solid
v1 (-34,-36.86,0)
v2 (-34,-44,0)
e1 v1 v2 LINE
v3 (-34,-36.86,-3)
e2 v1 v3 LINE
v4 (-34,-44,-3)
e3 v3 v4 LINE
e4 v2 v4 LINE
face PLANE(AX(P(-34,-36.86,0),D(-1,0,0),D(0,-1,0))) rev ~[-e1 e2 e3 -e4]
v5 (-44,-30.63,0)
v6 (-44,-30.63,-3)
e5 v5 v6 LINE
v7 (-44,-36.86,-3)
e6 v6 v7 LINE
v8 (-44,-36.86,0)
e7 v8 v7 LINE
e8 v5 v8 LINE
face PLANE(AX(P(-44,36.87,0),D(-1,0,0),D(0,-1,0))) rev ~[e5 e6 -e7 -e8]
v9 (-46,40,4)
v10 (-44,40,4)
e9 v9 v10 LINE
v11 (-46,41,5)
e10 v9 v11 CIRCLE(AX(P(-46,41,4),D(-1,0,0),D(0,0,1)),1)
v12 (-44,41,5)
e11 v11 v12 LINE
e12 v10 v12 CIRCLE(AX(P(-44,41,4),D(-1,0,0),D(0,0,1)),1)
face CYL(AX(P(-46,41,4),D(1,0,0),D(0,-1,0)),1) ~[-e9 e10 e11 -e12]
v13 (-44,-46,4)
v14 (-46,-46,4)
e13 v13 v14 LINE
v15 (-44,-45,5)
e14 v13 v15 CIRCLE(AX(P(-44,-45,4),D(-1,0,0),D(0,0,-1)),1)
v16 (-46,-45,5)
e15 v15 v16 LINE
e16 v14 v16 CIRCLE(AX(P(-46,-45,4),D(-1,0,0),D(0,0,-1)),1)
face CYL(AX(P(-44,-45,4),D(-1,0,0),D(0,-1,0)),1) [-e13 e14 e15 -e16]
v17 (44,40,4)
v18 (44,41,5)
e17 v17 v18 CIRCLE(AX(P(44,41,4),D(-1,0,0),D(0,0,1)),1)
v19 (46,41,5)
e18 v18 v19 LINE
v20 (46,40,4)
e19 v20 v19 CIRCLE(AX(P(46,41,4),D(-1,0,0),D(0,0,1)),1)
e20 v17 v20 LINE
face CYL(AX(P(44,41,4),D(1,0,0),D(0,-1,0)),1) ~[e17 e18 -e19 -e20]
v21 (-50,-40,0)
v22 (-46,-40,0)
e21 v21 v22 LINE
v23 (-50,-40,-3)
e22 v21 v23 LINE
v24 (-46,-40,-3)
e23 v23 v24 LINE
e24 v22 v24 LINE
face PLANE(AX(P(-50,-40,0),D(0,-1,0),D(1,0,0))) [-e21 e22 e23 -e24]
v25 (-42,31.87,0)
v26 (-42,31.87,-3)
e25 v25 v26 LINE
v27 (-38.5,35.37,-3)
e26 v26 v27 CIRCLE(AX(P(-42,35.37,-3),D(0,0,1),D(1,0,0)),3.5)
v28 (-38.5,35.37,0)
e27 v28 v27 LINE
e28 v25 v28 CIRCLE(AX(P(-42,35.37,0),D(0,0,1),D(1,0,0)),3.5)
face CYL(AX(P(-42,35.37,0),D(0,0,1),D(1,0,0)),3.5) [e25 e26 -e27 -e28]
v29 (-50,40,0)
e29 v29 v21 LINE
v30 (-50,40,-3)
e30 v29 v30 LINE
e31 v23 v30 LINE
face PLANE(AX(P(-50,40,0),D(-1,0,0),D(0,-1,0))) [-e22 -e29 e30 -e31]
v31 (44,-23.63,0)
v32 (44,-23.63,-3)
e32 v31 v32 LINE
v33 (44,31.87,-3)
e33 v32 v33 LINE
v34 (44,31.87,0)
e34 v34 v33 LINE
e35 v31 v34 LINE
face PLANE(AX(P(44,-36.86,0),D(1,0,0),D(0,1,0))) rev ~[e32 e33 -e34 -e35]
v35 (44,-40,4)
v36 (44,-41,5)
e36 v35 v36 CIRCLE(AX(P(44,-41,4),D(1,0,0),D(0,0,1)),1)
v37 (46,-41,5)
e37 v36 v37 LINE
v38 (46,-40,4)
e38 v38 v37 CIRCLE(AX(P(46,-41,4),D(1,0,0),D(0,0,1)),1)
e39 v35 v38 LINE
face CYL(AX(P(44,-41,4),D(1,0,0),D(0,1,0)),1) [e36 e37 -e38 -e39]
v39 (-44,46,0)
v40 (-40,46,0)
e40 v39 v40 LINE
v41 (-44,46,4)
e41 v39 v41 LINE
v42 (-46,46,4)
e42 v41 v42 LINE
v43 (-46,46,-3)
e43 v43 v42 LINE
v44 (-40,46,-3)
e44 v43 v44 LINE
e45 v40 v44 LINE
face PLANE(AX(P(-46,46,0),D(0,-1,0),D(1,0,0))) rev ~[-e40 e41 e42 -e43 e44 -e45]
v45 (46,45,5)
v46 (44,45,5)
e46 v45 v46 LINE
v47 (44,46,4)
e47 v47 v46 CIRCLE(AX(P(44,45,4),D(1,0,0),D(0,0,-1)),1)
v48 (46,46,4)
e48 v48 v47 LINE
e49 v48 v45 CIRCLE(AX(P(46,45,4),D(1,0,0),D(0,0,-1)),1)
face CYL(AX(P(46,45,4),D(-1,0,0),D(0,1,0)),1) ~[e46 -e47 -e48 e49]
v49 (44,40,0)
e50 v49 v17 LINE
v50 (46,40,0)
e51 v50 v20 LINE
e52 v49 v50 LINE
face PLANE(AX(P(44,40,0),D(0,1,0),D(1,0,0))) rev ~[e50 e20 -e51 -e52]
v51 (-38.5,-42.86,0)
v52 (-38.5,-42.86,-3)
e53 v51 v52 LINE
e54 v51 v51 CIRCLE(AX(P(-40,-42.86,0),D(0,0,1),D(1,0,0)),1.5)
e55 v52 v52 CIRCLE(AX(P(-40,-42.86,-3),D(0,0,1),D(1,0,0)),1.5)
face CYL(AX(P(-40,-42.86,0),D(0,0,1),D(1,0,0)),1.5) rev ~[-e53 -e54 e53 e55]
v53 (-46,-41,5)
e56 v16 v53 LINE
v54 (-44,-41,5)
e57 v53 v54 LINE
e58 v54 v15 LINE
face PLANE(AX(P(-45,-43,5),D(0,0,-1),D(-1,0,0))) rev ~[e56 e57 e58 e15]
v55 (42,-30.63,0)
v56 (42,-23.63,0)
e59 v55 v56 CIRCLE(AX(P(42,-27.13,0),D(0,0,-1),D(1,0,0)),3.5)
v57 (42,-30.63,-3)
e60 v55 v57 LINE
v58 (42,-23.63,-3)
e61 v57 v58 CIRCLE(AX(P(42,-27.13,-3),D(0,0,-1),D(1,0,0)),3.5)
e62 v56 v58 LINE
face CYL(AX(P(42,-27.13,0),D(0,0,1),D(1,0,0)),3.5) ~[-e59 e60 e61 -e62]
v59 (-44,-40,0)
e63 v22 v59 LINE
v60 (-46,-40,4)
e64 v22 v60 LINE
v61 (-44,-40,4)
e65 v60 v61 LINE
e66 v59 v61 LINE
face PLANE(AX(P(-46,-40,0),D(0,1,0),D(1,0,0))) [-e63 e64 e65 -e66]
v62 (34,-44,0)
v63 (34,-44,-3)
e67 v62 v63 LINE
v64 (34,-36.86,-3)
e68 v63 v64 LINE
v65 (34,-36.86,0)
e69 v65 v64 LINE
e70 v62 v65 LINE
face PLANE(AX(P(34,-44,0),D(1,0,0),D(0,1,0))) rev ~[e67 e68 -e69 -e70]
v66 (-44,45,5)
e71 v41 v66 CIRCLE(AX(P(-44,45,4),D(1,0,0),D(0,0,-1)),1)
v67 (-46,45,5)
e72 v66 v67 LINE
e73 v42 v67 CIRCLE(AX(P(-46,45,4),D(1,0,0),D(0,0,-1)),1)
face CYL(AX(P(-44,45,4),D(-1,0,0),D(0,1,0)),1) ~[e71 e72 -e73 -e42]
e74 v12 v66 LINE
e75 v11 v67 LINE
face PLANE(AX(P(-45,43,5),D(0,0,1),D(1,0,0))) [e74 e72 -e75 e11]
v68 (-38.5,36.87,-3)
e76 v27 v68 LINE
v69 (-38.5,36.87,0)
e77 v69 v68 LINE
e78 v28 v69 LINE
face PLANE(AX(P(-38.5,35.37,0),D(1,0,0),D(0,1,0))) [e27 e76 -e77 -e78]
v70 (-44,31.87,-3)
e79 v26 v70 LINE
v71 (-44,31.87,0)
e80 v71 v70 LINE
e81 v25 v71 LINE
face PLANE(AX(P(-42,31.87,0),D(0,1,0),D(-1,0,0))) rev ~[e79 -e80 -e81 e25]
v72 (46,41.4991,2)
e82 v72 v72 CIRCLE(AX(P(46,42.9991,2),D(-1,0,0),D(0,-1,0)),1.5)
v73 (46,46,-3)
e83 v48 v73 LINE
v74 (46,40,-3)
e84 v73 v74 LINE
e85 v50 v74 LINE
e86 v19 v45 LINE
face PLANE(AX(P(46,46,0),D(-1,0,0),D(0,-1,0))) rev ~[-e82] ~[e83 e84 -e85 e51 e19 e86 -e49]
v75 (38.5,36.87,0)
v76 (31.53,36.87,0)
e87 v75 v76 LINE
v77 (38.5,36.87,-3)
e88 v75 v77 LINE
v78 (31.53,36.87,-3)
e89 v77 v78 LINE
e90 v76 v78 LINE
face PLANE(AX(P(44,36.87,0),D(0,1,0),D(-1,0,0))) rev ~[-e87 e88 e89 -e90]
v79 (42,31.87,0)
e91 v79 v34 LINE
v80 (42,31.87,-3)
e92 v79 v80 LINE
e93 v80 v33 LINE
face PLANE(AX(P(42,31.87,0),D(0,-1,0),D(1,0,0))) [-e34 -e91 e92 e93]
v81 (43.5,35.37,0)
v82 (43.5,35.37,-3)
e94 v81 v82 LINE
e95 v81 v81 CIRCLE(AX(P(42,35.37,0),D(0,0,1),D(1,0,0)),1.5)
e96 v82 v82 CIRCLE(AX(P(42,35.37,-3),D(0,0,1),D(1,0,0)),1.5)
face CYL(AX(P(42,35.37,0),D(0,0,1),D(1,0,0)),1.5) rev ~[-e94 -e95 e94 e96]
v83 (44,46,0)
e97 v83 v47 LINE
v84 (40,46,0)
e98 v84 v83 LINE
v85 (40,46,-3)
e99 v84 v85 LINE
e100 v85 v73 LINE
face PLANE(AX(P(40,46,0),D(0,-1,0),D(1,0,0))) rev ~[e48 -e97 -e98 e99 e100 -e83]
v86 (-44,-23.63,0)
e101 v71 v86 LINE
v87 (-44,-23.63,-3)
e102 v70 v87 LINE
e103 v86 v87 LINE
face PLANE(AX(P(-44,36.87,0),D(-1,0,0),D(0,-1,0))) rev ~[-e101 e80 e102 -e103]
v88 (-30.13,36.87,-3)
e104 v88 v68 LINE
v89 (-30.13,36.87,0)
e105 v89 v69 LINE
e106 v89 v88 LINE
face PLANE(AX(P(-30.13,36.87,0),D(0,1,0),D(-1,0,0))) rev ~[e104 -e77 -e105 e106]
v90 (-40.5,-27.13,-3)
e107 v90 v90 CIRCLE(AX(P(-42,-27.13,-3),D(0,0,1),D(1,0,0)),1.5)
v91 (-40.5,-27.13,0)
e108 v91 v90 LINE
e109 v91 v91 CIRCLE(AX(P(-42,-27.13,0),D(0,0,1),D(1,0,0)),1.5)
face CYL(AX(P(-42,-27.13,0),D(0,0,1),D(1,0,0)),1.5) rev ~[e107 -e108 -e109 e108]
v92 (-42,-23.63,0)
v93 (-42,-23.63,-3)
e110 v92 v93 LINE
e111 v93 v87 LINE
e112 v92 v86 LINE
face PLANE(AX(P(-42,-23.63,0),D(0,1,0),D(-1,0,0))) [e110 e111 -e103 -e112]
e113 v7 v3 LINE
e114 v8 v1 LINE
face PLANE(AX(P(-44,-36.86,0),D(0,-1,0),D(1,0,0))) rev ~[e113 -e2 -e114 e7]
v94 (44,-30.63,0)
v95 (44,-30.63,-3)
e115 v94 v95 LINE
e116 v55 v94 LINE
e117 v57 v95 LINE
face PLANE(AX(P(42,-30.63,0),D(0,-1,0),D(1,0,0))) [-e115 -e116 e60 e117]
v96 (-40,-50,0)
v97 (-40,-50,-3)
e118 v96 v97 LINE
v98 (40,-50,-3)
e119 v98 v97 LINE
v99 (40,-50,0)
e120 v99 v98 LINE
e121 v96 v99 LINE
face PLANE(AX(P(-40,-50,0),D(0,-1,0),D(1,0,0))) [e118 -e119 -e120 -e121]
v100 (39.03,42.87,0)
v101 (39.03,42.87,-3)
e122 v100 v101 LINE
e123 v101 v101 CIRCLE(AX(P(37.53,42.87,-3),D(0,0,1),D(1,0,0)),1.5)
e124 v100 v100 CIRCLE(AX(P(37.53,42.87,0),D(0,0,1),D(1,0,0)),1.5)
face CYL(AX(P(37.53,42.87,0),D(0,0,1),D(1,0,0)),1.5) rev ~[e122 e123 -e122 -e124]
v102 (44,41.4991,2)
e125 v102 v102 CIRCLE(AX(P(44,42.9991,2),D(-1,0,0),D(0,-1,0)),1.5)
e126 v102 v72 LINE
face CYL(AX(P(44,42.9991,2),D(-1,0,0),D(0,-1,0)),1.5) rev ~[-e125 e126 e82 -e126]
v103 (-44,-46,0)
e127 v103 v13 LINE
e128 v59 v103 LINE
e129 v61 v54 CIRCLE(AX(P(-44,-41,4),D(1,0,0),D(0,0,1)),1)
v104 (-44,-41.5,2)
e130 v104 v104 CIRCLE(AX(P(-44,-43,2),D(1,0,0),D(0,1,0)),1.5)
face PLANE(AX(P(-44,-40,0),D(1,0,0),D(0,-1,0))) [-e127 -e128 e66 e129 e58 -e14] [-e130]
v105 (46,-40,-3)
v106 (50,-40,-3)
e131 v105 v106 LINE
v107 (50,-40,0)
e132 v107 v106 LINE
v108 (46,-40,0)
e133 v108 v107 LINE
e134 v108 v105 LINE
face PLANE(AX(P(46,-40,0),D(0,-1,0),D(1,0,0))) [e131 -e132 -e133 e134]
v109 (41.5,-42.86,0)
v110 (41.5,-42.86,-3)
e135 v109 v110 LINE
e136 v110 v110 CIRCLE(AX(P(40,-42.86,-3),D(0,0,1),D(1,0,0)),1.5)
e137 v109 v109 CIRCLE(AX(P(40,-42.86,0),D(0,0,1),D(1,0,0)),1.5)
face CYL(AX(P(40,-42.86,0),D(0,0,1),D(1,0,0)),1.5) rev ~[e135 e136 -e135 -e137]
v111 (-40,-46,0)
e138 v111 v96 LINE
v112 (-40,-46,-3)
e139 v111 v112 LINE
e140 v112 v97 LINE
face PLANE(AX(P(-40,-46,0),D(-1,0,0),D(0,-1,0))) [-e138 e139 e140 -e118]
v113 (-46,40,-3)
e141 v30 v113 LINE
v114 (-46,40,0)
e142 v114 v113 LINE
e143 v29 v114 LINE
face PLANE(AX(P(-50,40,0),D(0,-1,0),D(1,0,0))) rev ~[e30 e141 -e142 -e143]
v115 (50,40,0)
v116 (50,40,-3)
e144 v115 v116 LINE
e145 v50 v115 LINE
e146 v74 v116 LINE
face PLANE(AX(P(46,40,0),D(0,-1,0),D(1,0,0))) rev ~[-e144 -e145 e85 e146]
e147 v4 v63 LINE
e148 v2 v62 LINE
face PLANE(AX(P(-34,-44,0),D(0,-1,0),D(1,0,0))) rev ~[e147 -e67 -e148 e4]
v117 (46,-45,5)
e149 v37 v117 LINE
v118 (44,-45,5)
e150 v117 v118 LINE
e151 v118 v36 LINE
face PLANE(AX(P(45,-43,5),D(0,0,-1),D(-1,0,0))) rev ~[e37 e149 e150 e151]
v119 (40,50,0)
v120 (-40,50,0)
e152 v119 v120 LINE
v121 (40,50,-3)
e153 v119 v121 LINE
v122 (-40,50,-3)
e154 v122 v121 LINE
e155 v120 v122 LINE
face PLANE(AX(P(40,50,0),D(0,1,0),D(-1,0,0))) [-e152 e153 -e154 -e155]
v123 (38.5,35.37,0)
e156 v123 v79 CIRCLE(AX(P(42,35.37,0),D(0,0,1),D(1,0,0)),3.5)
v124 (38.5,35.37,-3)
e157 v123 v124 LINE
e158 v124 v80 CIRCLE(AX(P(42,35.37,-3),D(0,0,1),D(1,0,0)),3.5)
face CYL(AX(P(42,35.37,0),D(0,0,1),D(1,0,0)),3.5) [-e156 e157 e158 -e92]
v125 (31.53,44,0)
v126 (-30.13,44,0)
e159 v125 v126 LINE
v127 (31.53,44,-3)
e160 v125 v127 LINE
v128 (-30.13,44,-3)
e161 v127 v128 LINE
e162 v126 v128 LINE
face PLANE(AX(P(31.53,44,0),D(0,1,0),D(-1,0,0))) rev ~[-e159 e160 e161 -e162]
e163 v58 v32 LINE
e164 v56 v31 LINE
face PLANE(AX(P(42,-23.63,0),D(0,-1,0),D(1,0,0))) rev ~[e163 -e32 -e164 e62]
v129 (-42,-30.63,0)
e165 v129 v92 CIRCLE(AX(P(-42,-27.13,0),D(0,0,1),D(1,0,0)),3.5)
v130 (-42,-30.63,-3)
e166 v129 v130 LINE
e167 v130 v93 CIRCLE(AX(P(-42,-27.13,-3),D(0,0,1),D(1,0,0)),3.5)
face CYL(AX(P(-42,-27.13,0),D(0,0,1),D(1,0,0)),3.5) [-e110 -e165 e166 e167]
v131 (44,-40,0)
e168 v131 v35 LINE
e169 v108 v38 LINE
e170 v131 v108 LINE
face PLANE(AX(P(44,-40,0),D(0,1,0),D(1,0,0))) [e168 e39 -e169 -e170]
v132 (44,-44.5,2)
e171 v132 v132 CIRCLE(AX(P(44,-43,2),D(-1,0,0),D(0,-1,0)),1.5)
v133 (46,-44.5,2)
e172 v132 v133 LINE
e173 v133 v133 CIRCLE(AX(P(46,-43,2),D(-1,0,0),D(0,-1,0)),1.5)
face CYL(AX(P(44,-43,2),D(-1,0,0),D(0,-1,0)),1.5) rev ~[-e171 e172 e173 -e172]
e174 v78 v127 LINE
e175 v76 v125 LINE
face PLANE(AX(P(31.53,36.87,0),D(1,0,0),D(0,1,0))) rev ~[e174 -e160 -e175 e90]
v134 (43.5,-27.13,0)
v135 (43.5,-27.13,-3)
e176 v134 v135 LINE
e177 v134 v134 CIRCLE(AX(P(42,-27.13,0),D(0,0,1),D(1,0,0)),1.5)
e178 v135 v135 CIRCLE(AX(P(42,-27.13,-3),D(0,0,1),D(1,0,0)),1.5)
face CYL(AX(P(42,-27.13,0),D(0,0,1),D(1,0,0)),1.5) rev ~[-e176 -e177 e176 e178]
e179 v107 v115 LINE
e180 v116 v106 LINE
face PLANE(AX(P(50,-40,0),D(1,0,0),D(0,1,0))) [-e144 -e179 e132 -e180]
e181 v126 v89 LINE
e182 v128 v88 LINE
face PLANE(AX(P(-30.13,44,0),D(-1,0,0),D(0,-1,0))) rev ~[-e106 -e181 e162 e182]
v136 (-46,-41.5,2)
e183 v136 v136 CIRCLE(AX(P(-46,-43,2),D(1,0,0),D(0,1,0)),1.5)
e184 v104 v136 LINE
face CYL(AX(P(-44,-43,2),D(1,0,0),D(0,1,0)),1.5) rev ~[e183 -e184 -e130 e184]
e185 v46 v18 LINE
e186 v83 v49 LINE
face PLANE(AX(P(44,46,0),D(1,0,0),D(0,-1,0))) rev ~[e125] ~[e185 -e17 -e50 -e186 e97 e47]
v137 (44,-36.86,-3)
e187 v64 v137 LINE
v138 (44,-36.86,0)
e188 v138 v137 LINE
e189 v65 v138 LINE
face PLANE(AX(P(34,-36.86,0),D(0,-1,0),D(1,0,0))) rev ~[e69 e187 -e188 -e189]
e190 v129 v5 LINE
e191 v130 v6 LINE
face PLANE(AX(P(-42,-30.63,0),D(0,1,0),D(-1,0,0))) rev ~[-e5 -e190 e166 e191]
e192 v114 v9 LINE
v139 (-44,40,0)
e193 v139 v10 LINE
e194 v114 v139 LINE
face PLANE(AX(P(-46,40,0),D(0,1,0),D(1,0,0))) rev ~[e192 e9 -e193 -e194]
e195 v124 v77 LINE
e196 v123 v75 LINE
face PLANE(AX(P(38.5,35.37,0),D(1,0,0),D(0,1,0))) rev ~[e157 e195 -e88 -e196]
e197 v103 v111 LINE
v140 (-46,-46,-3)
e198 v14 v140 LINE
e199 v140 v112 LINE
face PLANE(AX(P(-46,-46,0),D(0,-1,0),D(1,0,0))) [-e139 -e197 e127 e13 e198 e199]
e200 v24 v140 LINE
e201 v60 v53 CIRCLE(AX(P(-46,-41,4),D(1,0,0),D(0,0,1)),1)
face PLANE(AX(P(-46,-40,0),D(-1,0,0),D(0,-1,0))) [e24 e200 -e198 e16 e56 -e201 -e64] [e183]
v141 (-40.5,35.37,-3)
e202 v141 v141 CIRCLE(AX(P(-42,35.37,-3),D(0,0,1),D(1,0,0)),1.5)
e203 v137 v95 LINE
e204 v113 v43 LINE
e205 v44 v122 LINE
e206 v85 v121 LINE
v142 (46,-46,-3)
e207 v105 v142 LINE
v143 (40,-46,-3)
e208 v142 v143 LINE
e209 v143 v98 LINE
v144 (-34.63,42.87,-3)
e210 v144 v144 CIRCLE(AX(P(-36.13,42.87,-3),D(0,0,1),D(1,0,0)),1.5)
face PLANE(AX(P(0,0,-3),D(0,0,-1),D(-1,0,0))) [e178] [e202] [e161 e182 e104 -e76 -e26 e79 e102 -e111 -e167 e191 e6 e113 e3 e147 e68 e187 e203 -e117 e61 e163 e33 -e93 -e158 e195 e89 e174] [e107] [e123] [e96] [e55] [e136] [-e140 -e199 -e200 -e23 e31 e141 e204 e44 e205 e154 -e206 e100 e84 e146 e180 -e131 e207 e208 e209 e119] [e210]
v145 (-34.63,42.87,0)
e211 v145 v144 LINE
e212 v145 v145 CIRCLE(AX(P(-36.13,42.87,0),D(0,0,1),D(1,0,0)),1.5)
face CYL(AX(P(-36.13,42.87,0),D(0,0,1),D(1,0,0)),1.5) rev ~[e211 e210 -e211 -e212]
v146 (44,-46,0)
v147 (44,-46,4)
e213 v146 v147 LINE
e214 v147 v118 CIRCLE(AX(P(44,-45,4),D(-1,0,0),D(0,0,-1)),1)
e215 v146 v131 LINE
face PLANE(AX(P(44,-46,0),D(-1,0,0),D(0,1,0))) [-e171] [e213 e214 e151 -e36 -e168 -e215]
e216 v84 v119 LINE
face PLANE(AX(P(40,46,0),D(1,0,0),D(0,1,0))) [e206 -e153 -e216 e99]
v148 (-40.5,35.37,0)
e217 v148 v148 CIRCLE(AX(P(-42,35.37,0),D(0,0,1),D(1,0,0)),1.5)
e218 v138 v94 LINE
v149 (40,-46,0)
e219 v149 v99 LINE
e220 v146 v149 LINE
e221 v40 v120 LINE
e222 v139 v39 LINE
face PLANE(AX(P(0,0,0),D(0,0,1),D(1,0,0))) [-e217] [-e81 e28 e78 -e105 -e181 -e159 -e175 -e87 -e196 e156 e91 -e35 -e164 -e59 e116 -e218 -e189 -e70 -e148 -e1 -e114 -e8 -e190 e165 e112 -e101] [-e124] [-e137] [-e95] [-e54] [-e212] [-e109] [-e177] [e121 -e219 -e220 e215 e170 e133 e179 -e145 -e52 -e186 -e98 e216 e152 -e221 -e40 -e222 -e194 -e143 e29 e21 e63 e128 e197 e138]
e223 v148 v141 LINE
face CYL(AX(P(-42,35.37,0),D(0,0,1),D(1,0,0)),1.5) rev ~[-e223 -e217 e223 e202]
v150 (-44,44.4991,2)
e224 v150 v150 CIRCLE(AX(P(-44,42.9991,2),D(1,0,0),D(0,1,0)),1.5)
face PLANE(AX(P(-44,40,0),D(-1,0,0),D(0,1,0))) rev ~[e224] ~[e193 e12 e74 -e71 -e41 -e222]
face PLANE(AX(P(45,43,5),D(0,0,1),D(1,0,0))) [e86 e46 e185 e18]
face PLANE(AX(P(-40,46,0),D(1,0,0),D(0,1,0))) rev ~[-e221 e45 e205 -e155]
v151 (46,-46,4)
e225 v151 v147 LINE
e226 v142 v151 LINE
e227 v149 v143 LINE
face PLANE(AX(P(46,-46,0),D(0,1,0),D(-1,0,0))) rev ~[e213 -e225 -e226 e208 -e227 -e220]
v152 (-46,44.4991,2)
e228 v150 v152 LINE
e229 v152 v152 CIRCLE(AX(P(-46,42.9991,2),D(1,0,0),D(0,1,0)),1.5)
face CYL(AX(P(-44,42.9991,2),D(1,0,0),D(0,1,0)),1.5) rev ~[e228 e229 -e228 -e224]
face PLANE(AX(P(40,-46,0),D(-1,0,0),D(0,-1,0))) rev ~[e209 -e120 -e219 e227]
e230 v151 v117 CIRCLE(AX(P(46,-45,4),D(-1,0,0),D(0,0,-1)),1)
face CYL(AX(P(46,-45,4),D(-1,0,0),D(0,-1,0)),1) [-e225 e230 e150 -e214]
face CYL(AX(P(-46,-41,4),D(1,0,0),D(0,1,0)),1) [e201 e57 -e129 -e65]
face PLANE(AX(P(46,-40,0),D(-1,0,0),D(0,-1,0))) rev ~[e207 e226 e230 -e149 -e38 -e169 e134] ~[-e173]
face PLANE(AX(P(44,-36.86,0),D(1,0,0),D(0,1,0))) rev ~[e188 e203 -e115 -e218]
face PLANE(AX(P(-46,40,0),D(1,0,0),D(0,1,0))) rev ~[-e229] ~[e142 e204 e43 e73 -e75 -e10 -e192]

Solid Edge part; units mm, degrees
sketch "Sketch1" plane through (0, 0, 0) normal (0, 0, 1) x (1, 0, 0)
  line L0 (-40, -50) -> (40, -50)
  line L1 (40, -50) -> (50, -50)
  line L2 (50, -50) -> (50, -40)
  line L3 (50, -40) -> (50, 40)
  line L4 (50, 50) -> (50, 40)
  line L5 (40, 50) -> (50, 50)
  line L6 (40, 50) -> (-40, 50)
  line L7 (-50, 50) -> (-40, 50)
  line L8 (-50, 40) -> (-50, 50)
  line L9 (-50, 40) -> (-50, -40)
  line L10 (-50, -40) -> (-50, -50)
  line L11 (-50, -50) -> (-40, -50)
extrude "Protrusion1" add sketch "Sketch1" against normal blind 5
sketch "Sketch2" plane through (0, 0, 0) normal (0, 0, 1) x (1, 0, 0)
  line L0 (50, 50) -> (40, 50)
  line L1 (40, 46) -> (40, 50)
  line L2 (40, 46) -> (46, 46)
  line L3 (46, 46) -> (46, 40)
  line L4 (46, 40) -> (50, 40)
  line L5 (50, 40) -> (50, 50)
  line L6 (50, -40) -> (50, -50)
  line L7 (50, -50) -> (40, -50)
  line L8 (40, -46) -> (40, -50)
  line L9 (46, -46) -> (40, -46)
  line L10 (46, -40) -> (46, -46)
  line L11 (46, -40) -> (50, -40)
  line L12 (-50, -50) -> (-40, -50)
  line L13 (-40, -46) -> (-40, -50)
  line L14 (-46, -46) -> (-40, -46)
  line L15 (-46, -40) -> (-46, -46)
  line L16 (-50, -40) -> (-46, -40)
  line L17 (-50, -40) -> (-50, -50)
  line L18 (-46, 40) -> (-46, 46)
  line L19 (-46, 46) -> (-40, 46)
  line L20 (-40, 46) -> (-40, 50)
  line L21 (-40, 50) -> (-50, 50)
  line L22 (-50, 50) -> (-50, 40)
  line L23 (-50, 40) -> (-46, 40)
  dimension "D1" = 40
  dimension "D2" = 40
  dimension "D3" = 50
  dimension "D4" = 50
  dimension "D5" = 50
  dimension "D6" = 50
  dimension "D7" = 40
  dimension "D8" = 46
  dimension "D9" = 46
  dimension "D10" = 50
  dimension "D11" = 50
  dimension "D12" = 40
  dimension "D13" = 50
  dimension "D14" = 50
  dimension "D15" = 50
  dimension "D16" = 40
extrude "ExtrudedCutout_1" cut sketch "Sketch2" against normal blind 11.3526
sketch "Sketch3" plane through (0, 0, 0) normal (0, 0, 1) x (1, 0, 0)
  circle A0 centre (-40, -42.86) radius 1.5
  circle A1 centre (-36.13, 42.87) radius 1.5
  circle A2 centre (40, -42.86) radius 1.5
  circle A3 centre (37.53, 42.87) radius 1.5
extrude "Cutout1" cut sketch "Sketch3" against normal blind 5
sketch "Sketch4" plane through (0, 0, 0) normal (0, 0, 1) x (0, 1, 0)
  line L0 (36.87, 44) -> (-36.86, 44)
  line L1 (-36.86, 44) -> (-36.86, 34)
  line L2 (-36.86, 34) -> (-44, 34)
  line L3 (-44, 34) -> (-44, -34)
  line L4 (-44, -34) -> (-36.86, -34)
  line L5 (-36.86, -34) -> (-36.86, -44)
  line L6 (-36.86, -44) -> (36.87, -44)
  line L7 (36.87, -44) -> (36.87, -31.53)
  line L8 (36.87, -31.53) -> (44, -31.53)
  line L9 (44, -31.53) -> (44, 30.13)
  line L10 (44, 30.13) -> (36.87, 30.13)
  line L11 (36.87, 30.13) -> (36.87, 44)
extrude "Cutout2" cut sketch "Sketch4" against normal blind 5
sketch "Sketch5" plane through (0, 0, 0) normal (0, 0, 1) x (1, 0, 0)
  line L0 (-46, 40) -> (-44, 40)
  line L1 (-44, 40) -> (-44, 46)
  line L2 (-44, 46) -> (-46, 46)
  line L3 (-46, 40) -> (-46, 46)
  line L4 (46, 46) -> (44, 46)
  line L5 (44, 46) -> (44, 40)
  line L6 (44, 40) -> (46, 40)
  line L7 (46, 40) -> (46, 46)
  line L8 (-46, -40) -> (-44, -40)
  line L9 (-44, -40) -> (-44, -46)
  line L10 (-44, -46) -> (-46, -46)
  line L11 (-46, -46) -> (-46, -40)
  line L12 (46, -46) -> (44, -46)
  line L13 (44, -46) -> (44, -40)
  line L14 (44, -40) -> (46, -40)
  line L15 (46, -40) -> (46, -46)
extrude "ExtrudedProtrusion_3" add sketch "Sketch5" along normal blind 5
sketch "Sketch6" plane through (-44, -43, 3) normal (1, 0, 0) x (0, 1, 0)
  circle A0 centre (0, -1) radius 1.5
  circle A1 centre (85.9991, -1) radius 1.5
extrude "ExtrudedCutout_14" cut sketch "Sketch6" against normal blind 2
sketch "Sketch7" plane through (44, 43, 2.5) normal (-1, 0, 0) x (0, -1, 0)
  circle A0 centre (0.0009, -0.5) radius 1.5
  circle A1 centre (86, -0.5) radius 1.5
extrude "ExtrudedCutout_15" cut sketch "Sketch7" against normal blind 2
fillet "Round_2" radius 1 8 edges at (45, 40, 5) (45, 46, 5) (-45, 40, 5) (-45, 46, 5) (-45, -46, 5) (-45, -40, 5) (45, -46, 5) (45, -40, 5)
sketch "Sketch8" plane through (0, 0, -5) normal (0, 0, -1) x (0, -1, 0)
  line L0 (-50, -50) -> (50, -50)
  line L1 (50, -50) -> (50, 50)
  line L2 (50, 50) -> (-50, 50)
  line L3 (-50, 50) -> (-50, -50)
  dimension "D1" = 50
  dimension "D2" = 50
extrude "ExtrudedCutout_16" cut sketch "Sketch8" against normal blind 2
sketch "Sketch9" plane through (0, 0, 0) normal (0, 0, 1) x (1, 0, 0)
  line L0 (-42, -23.63) -> (-44, -23.63)
  line L1 (-44, -23.63) -> (-44, -30.63)
  line L2 (-42, -30.63) -> (-44, -30.63)
  arc A0 (-42, -30.63) -> (-42, -23.63) centre (-42, -27.13) ccw
  line L3 (42, -23.63) -> (44, -23.63)
  line L4 (44, -30.63) -> (44, -23.63)
  line L5 (42, -30.63) -> (44, -30.63)
  arc A1 (42, -30.63) -> (42, -23.63) centre (42, -27.13) cw
  line L6 (42, 31.87) -> (44, 31.87)
  line L7 (44, 36.87) -> (44, 31.87)
  line L8 (38.5, 36.87) -> (44, 36.87)
  line L9 (38.5, 35.37) -> (38.5, 36.87)
  arc A2 (38.5, 35.37) -> (42, 31.87) centre (42, 35.37) ccw
  line L10 (-38.5, 35.37) -> (-38.5, 36.87)
  line L11 (-38.5, 36.87) -> (-44, 36.87)
  line L12 (-44, 36.87) -> (-44, 31.87)
  line L13 (-42, 31.87) -> (-44, 31.87)
  arc A3 (-42, 31.87) -> (-38.5, 35.37) centre (-42, 35.37) ccw
extrude "Protrusion2" add sketch "Sketch9" against normal blind 3
sketch "Sketch10" plane through (0, 0, 0) normal (0, 0, 1) x (1, 0, 0)
  circle A0 centre (-42, 35.37) radius 1.5
  circle A1 centre (42, 35.37) radius 1.5
  circle A2 centre (42, -27.13) radius 1.5
  circle A3 centre (-42, -27.13) radius 1.5
extrude "ExtrudedCutout_17" cut sketch "Sketch10" against normal blind 3
